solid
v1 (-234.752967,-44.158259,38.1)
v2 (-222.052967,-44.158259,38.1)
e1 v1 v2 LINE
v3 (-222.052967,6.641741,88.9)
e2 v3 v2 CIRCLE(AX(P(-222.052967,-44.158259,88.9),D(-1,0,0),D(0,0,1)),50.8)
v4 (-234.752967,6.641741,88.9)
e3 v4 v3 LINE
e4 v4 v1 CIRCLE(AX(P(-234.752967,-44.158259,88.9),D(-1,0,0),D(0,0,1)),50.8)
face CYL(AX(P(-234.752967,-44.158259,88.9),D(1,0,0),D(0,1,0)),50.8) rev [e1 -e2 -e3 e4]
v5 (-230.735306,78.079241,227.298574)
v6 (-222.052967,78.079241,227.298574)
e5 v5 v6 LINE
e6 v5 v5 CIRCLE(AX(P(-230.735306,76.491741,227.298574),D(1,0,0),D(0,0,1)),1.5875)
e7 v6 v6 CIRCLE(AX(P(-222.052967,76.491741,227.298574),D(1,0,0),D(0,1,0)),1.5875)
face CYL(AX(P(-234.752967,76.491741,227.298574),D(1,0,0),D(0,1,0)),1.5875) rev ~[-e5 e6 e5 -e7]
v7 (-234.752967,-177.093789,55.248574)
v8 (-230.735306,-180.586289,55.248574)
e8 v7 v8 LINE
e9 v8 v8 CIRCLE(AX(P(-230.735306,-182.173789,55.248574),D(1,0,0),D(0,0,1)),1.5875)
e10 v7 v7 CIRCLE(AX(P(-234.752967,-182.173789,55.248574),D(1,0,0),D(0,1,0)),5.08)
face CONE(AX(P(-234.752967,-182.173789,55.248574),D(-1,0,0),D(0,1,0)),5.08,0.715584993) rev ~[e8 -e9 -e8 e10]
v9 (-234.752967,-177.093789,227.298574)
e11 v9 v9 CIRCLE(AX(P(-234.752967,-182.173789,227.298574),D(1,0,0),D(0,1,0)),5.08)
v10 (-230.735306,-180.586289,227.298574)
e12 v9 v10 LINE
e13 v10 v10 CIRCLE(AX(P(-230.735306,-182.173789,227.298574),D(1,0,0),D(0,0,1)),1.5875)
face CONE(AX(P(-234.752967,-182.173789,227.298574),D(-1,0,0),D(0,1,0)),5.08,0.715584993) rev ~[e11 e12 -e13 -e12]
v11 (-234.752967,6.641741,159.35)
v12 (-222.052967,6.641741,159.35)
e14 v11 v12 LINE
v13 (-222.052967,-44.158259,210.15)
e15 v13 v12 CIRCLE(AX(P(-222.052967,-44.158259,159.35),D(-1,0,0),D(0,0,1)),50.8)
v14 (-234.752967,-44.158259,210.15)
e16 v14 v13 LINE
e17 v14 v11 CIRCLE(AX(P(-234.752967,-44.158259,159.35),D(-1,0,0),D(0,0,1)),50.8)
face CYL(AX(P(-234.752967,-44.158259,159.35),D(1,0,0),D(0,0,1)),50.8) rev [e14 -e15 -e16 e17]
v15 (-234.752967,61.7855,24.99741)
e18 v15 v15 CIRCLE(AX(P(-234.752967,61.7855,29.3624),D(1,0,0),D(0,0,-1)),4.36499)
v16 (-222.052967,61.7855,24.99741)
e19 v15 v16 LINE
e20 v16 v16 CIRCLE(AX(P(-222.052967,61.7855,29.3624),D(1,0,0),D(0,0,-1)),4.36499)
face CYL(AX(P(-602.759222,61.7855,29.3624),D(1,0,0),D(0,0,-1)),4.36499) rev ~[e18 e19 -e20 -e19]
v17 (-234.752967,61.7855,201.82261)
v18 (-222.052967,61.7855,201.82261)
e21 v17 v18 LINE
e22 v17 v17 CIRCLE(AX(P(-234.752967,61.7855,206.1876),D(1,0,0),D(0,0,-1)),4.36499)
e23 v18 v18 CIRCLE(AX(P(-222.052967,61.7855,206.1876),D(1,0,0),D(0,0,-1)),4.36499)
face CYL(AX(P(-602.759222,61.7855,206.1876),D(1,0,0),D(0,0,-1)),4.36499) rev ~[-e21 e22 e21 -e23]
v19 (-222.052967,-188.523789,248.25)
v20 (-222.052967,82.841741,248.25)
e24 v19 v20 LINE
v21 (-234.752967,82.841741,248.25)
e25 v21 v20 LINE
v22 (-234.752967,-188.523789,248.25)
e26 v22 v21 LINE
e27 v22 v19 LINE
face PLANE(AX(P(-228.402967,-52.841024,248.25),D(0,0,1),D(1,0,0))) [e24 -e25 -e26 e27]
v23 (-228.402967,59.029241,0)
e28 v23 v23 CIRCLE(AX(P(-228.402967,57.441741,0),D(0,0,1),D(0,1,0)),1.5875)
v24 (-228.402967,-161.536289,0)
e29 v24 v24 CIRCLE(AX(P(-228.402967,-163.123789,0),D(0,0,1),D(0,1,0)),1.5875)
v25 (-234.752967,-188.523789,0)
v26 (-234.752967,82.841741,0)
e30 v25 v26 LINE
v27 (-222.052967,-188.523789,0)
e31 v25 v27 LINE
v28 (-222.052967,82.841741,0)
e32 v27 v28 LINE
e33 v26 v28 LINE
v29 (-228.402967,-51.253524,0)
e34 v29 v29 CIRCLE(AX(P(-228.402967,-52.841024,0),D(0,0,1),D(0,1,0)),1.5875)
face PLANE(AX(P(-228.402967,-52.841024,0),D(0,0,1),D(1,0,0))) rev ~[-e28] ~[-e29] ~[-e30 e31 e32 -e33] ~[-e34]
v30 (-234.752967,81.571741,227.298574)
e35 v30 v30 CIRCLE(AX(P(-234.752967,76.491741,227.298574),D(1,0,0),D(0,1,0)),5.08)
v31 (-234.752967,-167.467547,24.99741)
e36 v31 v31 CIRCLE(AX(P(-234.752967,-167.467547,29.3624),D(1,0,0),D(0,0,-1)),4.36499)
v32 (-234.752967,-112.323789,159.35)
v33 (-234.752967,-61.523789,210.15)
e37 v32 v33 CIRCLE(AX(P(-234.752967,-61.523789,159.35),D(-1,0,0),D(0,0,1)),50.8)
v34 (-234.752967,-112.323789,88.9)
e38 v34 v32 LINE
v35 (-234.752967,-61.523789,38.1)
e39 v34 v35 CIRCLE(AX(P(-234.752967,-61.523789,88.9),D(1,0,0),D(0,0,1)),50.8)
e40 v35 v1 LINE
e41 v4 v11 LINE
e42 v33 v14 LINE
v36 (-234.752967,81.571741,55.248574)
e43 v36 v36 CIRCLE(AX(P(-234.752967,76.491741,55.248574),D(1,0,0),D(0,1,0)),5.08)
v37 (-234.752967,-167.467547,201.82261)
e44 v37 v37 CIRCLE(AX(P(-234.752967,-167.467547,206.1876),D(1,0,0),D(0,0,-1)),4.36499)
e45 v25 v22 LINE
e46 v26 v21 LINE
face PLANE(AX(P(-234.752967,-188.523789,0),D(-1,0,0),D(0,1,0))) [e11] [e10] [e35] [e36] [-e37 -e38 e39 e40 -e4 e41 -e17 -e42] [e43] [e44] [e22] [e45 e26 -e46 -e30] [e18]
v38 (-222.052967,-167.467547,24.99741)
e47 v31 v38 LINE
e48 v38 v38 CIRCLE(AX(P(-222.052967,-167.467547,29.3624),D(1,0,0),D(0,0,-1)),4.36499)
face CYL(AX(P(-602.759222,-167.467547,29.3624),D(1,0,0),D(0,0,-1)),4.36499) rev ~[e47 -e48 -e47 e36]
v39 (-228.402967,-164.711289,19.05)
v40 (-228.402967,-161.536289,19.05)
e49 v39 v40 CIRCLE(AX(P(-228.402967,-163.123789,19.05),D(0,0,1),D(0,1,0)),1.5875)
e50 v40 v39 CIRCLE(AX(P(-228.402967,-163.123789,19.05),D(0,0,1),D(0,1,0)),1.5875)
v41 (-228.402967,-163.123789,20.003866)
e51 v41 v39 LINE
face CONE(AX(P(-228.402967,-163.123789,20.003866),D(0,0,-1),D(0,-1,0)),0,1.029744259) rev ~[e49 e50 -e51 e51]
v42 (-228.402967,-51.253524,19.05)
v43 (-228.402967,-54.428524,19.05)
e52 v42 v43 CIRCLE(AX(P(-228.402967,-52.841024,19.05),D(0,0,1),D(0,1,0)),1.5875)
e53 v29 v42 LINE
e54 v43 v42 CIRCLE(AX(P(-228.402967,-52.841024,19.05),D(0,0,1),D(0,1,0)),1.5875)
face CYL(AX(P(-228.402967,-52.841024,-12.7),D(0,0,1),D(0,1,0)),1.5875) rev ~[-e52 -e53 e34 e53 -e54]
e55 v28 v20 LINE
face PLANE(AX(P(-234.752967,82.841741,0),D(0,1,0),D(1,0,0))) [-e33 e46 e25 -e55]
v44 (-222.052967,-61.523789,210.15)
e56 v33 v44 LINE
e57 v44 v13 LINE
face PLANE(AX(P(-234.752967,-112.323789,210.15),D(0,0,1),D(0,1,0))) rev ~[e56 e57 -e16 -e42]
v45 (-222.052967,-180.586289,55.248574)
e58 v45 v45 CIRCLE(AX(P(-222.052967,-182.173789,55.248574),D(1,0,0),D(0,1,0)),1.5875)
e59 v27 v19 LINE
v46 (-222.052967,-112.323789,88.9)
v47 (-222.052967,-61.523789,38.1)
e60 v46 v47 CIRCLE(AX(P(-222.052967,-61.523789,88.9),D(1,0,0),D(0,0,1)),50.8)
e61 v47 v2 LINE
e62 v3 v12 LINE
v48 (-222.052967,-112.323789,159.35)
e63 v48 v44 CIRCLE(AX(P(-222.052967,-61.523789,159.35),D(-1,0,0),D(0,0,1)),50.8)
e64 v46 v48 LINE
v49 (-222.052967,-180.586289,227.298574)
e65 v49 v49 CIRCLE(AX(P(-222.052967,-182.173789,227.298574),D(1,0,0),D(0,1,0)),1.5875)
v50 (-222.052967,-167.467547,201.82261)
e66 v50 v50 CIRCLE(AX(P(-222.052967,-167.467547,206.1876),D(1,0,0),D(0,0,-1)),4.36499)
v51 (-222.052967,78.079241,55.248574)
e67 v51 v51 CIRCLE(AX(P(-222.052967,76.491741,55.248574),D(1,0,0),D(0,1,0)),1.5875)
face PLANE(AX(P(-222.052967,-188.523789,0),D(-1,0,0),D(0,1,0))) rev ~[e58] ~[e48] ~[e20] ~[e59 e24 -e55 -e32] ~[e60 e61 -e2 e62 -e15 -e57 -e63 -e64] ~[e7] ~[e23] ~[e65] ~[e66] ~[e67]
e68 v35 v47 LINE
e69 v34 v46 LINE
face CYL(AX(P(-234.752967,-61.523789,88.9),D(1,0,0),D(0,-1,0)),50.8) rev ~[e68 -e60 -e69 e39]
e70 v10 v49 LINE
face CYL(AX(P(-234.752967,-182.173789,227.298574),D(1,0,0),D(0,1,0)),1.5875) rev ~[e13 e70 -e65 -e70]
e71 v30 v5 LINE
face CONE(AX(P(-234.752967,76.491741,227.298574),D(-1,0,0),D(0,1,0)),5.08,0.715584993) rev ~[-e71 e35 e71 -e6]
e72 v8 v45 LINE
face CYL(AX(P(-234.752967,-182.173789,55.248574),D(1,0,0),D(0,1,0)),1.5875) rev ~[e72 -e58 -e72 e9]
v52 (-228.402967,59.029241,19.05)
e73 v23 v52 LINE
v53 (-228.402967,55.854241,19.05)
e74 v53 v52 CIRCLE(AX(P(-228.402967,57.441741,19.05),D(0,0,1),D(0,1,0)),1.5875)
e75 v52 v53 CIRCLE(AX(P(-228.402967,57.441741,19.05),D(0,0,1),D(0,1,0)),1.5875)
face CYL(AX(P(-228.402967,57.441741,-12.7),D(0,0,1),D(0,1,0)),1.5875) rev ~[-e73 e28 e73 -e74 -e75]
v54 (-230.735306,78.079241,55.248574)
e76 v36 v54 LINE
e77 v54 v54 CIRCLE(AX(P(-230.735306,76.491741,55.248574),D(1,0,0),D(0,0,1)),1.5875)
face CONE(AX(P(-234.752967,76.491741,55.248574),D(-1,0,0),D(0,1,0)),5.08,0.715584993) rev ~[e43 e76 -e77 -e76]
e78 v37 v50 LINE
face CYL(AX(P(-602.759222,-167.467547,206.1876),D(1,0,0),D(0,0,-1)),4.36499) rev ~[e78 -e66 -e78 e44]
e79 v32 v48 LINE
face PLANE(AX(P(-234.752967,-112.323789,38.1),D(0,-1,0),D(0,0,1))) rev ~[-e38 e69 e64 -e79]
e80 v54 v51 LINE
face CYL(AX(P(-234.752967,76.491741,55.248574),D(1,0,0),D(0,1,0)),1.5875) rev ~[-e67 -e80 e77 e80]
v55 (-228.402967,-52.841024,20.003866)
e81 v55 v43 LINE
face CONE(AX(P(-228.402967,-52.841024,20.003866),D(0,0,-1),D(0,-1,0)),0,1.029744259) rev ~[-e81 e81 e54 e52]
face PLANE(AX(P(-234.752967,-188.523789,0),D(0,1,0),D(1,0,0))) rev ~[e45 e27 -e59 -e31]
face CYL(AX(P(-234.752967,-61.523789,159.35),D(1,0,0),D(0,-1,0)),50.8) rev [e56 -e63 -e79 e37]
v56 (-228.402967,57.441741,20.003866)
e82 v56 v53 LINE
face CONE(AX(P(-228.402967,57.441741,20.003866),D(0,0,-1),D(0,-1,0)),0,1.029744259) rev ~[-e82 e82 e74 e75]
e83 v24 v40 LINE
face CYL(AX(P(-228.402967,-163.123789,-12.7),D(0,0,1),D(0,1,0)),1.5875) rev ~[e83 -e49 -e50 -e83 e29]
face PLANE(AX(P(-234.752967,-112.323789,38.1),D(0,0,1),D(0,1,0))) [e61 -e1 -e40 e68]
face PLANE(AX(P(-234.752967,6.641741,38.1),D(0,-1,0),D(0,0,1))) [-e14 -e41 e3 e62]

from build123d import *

# Parameters (mm, degrees)
SKETCH1_W                = 12.7
SKETCH1_H                = 271.365530146
BOSS_EXTRUDE1_DEPTH      = 248.25
SKETCH2_W                = 172.05
SKETCH2_H                = 118.965530146
CUT_EXTRUDE1_DEPTH       = 312.978479114
FILLET1_R                = 50.8
HOLE1_D                  = 3.175
HOLE1_DEPTH              = 31.75
HOLE1_CSINK_D            = 10.16
HOLE1_CSINK_ANGLE        = 82
HOLE1_TIP                = 0.953866233
HOLE2_D                  = 3.175
HOLE2_DEPTH              = 31.75
HOLE2_CSINK_D            = 10.16
HOLE2_CSINK_ANGLE        = 82
HOLE2_TIP                = 0.953866233
F_5_16_CLEARANCE_HOLE1_D = 8.72998


with BuildPart() as part:
    # Sketch1 → Boss-Extrude1 (new body)
    with BuildSketch(Plane.XY):
        with Locations((-228.402967181, -52.841023691)):
            Rectangle(SKETCH1_W, SKETCH1_H)
    extrude(amount=BOSS_EXTRUDE1_DEPTH)

    # Sketch2 → Cut-Extrude1 (cut, through all)
    with BuildSketch(Plane.ZY.offset(234.752967181)):
        with Locations((124.125, -52.841023691)):
            Rectangle(SKETCH2_W, SKETCH2_H)
    extrude(amount=-CUT_EXTRUDE1_DEPTH, mode=Mode.SUBTRACT)

    # Fillet1
    fillet1_edges = [part.edges().sort_by_distance(p)[0] for p in [
        (-228.402967181, 6.641741382, 210.15),
        (-228.402967181, -112.323788764, 210.15),
        (-228.402967181, -112.323788764, 38.1),
        (-228.402967181, 6.641741382, 38.1),
    ]]
    fillet(fillet1_edges, radius=FILLET1_R)

    # Hole1
    with Locations(Plane(origin=(181.039434513, -52.974999997, -12.7), x_dir=(0, -1, 0), z_dir=(0, 0, -1))):
        with Locations((129.198788767, 384.042401694), (-129.466741379, 384.042401694), (-129.466741379, 304.786761906), (-110.416741379, 409.442401694), (-0.133976306, 409.442401694), (110.148788767, 409.442401694), (129.198788767, 304.786761906)):
            CounterSinkHole(HOLE1_D / 2, HOLE1_CSINK_D / 2, depth=HOLE1_DEPTH, counter_sink_angle=HOLE1_CSINK_ANGLE)
            with Locations((0, 0, -(HOLE1_DEPTH + HOLE1_TIP / 2))):  # 118° drill point
                Cone(0, HOLE1_D / 2, HOLE1_TIP, mode=Mode.SUBTRACT)

    # Hole2
    with Locations(Plane(origin=(-234.752967181, -52.974999997, -1073.364195846), x_dir=(0, -1, 0), z_dir=(-1, 0, 0))):
        with Locations((-129.466741379, 1300.662770337), (-129.466741379, 1128.612770337), (129.198788767, 1128.612770337), (129.198788767, 1300.662770337)):
            CounterSinkHole(HOLE2_D / 2, HOLE2_CSINK_D / 2, depth=HOLE2_DEPTH, counter_sink_angle=HOLE2_CSINK_ANGLE)
            with Locations((0, 0, -(HOLE2_DEPTH + HOLE2_TIP / 2))):  # 118° drill point
                Cone(0, HOLE2_D / 2, HOLE2_TIP, mode=Mode.SUBTRACT)

    # 5/16 Clearance Hole1 (through all)
    with Locations(Plane.ZY.offset(234.752967181)):
        with Locations((206.1876, -167.467547412), (206.1876, 61.78550003), (29.3624, 61.78550003), (29.3624, -167.467547412)):
            Hole(F_5_16_CLEARANCE_HOLE1_D / 2)


solid = part.part
